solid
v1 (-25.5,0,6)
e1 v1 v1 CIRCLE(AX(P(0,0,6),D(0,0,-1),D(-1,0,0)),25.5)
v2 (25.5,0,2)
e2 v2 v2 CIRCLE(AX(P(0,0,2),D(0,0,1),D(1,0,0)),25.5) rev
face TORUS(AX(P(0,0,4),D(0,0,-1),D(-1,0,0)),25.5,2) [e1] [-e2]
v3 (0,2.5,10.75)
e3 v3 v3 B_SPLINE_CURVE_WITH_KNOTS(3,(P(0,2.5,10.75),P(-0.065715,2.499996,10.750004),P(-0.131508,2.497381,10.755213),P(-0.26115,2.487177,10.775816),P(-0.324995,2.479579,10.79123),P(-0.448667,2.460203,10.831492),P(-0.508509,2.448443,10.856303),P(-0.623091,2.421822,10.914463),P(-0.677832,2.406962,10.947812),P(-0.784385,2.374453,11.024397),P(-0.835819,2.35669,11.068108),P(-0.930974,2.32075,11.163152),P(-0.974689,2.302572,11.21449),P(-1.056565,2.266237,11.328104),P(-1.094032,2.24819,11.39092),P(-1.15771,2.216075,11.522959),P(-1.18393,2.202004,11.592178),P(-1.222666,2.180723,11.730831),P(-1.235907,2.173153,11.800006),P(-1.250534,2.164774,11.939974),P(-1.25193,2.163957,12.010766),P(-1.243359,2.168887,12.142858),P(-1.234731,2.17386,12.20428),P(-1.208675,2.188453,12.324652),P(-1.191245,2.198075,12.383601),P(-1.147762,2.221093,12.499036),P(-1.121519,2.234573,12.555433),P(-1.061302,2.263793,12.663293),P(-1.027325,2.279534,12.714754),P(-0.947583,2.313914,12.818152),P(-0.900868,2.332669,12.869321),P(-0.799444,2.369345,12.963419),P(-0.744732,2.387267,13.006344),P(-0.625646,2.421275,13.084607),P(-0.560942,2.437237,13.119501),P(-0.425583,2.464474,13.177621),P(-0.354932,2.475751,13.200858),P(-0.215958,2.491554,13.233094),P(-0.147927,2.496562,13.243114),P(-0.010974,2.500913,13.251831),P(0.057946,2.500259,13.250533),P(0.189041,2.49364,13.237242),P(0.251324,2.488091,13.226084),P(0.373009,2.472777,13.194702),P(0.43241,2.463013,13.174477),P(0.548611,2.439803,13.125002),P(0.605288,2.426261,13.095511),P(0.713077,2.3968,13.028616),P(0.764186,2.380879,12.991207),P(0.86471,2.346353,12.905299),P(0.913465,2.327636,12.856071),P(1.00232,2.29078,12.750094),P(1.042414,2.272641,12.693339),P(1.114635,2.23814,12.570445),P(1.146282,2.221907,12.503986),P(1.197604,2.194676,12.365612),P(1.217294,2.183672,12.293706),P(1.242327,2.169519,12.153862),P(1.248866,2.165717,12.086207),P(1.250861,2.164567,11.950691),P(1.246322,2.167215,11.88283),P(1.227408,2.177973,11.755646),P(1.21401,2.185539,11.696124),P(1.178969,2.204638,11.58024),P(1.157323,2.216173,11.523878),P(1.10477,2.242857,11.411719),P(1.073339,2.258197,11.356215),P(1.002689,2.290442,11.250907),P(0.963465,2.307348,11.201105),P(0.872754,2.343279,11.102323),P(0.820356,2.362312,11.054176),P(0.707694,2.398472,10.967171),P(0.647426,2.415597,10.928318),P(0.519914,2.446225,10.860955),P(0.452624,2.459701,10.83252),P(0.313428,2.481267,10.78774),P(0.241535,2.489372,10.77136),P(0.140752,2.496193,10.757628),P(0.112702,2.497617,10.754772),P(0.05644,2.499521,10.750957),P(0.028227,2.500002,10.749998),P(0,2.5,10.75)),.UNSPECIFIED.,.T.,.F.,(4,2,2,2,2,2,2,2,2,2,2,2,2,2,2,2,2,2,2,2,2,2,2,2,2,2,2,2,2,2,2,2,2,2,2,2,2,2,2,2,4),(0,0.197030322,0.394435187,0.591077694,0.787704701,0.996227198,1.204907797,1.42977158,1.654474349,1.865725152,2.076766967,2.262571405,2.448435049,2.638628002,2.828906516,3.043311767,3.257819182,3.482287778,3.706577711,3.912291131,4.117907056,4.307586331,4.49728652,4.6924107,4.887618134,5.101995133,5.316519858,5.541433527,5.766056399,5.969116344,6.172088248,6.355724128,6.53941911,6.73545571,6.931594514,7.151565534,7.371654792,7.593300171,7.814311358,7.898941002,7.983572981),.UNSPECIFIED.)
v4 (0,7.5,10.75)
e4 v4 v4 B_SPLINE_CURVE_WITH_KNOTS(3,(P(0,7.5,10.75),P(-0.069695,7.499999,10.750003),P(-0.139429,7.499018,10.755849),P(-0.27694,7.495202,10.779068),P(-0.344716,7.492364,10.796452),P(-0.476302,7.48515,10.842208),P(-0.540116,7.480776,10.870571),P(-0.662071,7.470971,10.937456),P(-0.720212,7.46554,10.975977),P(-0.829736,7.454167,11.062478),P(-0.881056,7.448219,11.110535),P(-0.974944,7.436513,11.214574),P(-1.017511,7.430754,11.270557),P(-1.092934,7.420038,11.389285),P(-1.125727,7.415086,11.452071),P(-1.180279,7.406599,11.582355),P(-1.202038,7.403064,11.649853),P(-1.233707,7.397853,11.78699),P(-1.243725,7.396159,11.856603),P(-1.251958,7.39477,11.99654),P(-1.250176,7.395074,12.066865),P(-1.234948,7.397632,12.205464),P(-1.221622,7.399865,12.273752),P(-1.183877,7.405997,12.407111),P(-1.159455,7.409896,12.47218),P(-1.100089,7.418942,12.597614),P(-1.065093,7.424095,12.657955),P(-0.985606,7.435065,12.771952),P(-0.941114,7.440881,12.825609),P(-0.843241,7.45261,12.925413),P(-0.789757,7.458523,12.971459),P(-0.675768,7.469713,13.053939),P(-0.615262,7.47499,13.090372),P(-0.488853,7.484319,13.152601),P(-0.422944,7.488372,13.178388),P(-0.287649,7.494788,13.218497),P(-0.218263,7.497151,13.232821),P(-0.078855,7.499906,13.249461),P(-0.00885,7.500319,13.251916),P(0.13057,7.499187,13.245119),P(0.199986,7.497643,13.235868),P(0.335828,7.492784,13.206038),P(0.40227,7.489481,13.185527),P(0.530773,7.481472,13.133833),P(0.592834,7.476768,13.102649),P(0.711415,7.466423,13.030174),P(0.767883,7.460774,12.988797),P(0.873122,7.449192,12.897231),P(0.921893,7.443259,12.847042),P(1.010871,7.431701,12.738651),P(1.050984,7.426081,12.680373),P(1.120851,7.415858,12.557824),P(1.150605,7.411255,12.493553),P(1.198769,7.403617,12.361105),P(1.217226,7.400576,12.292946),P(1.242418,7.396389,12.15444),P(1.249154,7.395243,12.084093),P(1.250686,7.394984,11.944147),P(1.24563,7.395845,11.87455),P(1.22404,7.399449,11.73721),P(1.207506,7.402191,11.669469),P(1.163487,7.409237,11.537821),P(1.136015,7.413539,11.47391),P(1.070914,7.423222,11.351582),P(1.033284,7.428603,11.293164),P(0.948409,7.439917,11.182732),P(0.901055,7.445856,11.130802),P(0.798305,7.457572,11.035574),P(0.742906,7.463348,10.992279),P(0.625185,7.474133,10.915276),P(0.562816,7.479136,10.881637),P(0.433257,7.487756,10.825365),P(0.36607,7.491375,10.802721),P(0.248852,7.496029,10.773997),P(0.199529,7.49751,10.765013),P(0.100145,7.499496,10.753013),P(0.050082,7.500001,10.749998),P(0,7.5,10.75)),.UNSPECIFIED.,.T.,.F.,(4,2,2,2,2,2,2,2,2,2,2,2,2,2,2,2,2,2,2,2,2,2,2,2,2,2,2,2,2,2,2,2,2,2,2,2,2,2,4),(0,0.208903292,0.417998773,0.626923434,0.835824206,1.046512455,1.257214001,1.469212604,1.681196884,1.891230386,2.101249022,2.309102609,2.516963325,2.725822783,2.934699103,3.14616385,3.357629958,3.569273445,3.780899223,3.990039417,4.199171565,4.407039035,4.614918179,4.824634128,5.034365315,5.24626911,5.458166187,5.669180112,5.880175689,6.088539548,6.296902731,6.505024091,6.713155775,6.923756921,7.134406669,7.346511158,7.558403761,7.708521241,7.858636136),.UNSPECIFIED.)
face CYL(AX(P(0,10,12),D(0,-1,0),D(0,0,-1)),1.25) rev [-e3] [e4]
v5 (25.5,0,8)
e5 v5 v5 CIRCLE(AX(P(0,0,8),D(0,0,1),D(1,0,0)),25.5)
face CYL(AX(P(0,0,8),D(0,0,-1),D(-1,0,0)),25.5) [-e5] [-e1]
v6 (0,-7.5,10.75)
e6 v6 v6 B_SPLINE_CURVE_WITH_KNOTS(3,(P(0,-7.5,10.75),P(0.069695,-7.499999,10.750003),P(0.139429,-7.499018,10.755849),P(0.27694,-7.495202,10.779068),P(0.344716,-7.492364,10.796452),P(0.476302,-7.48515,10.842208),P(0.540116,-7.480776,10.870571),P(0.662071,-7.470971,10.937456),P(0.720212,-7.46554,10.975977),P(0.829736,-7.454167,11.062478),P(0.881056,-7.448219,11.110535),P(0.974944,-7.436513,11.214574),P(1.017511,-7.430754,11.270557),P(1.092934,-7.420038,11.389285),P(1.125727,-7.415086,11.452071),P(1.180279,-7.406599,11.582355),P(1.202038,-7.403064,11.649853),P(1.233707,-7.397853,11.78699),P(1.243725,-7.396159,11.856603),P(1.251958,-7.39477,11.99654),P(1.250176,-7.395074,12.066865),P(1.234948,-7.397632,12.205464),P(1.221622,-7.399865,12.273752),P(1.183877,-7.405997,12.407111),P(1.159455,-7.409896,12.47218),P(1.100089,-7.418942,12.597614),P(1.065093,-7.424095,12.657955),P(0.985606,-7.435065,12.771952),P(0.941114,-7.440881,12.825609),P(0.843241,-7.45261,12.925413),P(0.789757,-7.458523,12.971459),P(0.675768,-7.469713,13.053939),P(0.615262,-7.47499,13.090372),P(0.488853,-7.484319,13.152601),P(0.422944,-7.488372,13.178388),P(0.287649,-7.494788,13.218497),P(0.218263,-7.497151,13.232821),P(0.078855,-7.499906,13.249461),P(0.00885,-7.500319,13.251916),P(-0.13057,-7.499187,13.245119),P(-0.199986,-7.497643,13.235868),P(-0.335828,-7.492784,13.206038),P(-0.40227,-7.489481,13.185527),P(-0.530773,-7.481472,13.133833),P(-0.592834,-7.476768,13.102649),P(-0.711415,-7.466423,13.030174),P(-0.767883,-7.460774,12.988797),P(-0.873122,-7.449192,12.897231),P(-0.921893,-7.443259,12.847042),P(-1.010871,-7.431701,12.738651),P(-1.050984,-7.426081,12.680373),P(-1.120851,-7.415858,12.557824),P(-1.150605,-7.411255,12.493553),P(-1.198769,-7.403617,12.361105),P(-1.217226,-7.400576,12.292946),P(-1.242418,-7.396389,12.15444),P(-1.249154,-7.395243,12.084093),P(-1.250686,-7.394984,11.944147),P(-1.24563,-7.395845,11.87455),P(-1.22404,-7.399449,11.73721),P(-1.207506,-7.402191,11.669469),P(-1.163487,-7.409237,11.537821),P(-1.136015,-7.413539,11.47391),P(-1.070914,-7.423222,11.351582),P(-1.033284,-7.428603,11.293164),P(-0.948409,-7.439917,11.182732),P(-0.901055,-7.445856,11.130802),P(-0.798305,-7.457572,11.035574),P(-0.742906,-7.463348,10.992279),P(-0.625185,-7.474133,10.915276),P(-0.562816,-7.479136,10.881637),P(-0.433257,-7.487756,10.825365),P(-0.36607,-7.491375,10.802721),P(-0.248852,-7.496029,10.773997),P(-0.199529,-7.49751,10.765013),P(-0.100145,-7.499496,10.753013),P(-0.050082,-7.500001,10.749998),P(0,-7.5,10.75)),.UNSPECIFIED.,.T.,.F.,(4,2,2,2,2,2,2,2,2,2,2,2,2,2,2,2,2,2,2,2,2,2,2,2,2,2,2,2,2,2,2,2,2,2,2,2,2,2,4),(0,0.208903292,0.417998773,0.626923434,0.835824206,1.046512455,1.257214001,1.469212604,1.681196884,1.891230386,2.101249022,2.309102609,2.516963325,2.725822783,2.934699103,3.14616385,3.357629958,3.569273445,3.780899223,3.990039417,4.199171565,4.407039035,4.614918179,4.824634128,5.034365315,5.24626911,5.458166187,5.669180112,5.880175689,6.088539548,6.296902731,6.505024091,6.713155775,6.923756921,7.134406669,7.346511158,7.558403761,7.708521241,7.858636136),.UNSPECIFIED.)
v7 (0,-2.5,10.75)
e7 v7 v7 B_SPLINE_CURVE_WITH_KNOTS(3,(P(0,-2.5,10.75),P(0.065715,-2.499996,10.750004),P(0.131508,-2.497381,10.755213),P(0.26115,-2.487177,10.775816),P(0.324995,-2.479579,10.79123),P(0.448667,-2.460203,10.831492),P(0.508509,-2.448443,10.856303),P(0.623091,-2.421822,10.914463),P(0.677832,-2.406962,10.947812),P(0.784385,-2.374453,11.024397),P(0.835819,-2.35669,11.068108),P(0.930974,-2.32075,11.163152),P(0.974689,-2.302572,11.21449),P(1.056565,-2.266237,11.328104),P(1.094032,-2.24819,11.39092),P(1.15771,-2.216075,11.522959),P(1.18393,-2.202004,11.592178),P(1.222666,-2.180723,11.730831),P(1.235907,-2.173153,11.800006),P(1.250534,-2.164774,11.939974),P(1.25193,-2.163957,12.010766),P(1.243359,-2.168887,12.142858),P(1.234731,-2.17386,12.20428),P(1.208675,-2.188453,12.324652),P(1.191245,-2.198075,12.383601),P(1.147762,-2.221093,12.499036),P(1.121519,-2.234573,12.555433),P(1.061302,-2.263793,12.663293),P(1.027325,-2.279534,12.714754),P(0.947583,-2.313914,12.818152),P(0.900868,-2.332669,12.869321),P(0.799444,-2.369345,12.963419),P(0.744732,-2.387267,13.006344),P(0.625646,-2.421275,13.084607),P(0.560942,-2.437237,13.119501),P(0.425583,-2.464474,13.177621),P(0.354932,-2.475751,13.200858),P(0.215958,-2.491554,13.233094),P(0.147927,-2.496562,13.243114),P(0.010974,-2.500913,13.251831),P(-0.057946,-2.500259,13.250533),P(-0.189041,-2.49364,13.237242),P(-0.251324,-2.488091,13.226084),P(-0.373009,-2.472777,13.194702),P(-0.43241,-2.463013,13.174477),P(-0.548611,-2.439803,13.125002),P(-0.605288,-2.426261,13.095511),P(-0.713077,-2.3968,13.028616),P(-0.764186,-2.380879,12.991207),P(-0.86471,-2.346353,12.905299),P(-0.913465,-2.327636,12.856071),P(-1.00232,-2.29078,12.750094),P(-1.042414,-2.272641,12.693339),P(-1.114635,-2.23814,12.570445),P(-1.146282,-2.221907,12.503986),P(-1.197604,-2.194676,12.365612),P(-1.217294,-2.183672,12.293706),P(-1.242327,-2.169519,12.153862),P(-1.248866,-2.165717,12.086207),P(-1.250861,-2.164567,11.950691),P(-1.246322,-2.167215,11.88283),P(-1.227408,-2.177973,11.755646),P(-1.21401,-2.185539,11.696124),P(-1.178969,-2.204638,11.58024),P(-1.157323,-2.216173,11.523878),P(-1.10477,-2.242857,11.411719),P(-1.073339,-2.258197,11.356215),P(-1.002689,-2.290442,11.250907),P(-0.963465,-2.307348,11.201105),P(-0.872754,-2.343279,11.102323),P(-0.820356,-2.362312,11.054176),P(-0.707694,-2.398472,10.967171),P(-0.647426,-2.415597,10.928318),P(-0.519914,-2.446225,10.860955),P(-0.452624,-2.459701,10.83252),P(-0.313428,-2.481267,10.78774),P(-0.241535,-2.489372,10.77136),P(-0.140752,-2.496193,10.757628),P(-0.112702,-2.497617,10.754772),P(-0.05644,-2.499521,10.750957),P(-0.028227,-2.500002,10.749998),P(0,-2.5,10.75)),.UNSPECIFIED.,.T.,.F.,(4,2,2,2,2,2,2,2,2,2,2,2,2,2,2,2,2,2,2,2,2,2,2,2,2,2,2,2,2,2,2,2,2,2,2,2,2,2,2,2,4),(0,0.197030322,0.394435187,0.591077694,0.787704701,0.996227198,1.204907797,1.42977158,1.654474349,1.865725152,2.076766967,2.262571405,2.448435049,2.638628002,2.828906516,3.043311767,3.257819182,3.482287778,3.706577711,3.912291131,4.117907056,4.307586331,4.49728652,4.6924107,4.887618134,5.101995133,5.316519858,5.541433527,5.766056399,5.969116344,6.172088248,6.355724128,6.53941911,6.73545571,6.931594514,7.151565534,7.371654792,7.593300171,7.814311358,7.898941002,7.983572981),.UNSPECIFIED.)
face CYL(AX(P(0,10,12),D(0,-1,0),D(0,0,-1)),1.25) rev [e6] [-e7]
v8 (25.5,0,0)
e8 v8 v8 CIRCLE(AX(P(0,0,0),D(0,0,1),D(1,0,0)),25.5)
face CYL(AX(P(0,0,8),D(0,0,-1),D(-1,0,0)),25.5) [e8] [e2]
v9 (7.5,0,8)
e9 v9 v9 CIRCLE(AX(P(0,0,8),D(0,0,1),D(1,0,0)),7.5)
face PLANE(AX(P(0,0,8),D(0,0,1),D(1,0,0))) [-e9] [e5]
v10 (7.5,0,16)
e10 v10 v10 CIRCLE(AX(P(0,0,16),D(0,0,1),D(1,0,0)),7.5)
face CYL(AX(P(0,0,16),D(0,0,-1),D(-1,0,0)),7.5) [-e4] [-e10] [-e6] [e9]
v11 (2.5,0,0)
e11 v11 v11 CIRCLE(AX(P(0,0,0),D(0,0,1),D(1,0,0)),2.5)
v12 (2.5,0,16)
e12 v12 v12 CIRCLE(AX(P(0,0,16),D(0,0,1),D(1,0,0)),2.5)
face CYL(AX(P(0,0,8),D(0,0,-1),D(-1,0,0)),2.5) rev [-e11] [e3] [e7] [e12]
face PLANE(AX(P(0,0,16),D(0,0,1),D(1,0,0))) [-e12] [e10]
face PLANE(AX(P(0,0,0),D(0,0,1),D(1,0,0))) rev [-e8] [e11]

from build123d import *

# Parameters (mm, degrees)
SKETCH_1_R               = 25.5
SKETCH_1_R_2             = 2.5
EXTRUDE_1_DEPTH          = 8
SKETCH_2_R               = 7.5
SKETCH_2_R_2             = 2.5
EXTRUDE_2_DEPTH          = 8
CUT_EXTRUDE_2_DEPTH      = 10
CUT_EXTRUDE_2_DEPTH_BACK = 10
SKETCH_4_R               = 1.25
SKETCH_6_R               = 2


with BuildPart() as part:
    # Эскиз1 → Бобышка-Вытянуть1 (new body)
    with BuildSketch(Plane.XY):
        Circle(SKETCH_1_R)
        Circle(SKETCH_1_R_2, mode=Mode.SUBTRACT)
    extrude(amount=EXTRUDE_1_DEPTH)

    # Эскиз2 → Бобышка-Вытянуть2 (add)
    with BuildSketch(Plane.XY.offset(8)):
        Circle(SKETCH_2_R)
        Circle(SKETCH_2_R_2, mode=Mode.SUBTRACT)
    extrude(amount=EXTRUDE_2_DEPTH)

    # Эскиз4 → Вырез-Вытянуть2 (cut, two sides: drawn at the far end of the back side and taken through both)
    with BuildSketch(Plane(origin=(0, 0, 0), x_dir=(1, 0, 0), z_dir=(0, 1, 0)).offset(-CUT_EXTRUDE_2_DEPTH_BACK)):
        with Locations((0, -12)):
            Circle(SKETCH_4_R)
    extrude(amount=CUT_EXTRUDE_2_DEPTH + CUT_EXTRUDE_2_DEPTH_BACK, mode=Mode.SUBTRACT)

    # Эскиз5 → Вырез-Повернуть1 (revolve, cut)
    with BuildSketch(Plane(origin=(0, 0, 0), x_dir=(0, 0, -1), z_dir=(1, 0, 0))):
        with BuildLine():
            Line((-6, 25.5), (-2, 25.5))
            ThreePointArc((-2, 25.5), (-4, 23.5), (-6, 25.5))
        make_face()
    revolve(axis=Axis((0, 0, 0), (0, 0, 1)), mode=Mode.SUBTRACT)

    # Эскиз6 → Повернуть1 (revolve)
    with BuildSketch(Plane(origin=(0, 0, 0), x_dir=(0, 0, -1), z_dir=(1, 0, 0))):
        with Locations((-4, 25.5)):
            Circle(SKETCH_6_R)
    revolve(axis=Axis((0, 0, 0), (0, 0, 1)))


solid = part.part
